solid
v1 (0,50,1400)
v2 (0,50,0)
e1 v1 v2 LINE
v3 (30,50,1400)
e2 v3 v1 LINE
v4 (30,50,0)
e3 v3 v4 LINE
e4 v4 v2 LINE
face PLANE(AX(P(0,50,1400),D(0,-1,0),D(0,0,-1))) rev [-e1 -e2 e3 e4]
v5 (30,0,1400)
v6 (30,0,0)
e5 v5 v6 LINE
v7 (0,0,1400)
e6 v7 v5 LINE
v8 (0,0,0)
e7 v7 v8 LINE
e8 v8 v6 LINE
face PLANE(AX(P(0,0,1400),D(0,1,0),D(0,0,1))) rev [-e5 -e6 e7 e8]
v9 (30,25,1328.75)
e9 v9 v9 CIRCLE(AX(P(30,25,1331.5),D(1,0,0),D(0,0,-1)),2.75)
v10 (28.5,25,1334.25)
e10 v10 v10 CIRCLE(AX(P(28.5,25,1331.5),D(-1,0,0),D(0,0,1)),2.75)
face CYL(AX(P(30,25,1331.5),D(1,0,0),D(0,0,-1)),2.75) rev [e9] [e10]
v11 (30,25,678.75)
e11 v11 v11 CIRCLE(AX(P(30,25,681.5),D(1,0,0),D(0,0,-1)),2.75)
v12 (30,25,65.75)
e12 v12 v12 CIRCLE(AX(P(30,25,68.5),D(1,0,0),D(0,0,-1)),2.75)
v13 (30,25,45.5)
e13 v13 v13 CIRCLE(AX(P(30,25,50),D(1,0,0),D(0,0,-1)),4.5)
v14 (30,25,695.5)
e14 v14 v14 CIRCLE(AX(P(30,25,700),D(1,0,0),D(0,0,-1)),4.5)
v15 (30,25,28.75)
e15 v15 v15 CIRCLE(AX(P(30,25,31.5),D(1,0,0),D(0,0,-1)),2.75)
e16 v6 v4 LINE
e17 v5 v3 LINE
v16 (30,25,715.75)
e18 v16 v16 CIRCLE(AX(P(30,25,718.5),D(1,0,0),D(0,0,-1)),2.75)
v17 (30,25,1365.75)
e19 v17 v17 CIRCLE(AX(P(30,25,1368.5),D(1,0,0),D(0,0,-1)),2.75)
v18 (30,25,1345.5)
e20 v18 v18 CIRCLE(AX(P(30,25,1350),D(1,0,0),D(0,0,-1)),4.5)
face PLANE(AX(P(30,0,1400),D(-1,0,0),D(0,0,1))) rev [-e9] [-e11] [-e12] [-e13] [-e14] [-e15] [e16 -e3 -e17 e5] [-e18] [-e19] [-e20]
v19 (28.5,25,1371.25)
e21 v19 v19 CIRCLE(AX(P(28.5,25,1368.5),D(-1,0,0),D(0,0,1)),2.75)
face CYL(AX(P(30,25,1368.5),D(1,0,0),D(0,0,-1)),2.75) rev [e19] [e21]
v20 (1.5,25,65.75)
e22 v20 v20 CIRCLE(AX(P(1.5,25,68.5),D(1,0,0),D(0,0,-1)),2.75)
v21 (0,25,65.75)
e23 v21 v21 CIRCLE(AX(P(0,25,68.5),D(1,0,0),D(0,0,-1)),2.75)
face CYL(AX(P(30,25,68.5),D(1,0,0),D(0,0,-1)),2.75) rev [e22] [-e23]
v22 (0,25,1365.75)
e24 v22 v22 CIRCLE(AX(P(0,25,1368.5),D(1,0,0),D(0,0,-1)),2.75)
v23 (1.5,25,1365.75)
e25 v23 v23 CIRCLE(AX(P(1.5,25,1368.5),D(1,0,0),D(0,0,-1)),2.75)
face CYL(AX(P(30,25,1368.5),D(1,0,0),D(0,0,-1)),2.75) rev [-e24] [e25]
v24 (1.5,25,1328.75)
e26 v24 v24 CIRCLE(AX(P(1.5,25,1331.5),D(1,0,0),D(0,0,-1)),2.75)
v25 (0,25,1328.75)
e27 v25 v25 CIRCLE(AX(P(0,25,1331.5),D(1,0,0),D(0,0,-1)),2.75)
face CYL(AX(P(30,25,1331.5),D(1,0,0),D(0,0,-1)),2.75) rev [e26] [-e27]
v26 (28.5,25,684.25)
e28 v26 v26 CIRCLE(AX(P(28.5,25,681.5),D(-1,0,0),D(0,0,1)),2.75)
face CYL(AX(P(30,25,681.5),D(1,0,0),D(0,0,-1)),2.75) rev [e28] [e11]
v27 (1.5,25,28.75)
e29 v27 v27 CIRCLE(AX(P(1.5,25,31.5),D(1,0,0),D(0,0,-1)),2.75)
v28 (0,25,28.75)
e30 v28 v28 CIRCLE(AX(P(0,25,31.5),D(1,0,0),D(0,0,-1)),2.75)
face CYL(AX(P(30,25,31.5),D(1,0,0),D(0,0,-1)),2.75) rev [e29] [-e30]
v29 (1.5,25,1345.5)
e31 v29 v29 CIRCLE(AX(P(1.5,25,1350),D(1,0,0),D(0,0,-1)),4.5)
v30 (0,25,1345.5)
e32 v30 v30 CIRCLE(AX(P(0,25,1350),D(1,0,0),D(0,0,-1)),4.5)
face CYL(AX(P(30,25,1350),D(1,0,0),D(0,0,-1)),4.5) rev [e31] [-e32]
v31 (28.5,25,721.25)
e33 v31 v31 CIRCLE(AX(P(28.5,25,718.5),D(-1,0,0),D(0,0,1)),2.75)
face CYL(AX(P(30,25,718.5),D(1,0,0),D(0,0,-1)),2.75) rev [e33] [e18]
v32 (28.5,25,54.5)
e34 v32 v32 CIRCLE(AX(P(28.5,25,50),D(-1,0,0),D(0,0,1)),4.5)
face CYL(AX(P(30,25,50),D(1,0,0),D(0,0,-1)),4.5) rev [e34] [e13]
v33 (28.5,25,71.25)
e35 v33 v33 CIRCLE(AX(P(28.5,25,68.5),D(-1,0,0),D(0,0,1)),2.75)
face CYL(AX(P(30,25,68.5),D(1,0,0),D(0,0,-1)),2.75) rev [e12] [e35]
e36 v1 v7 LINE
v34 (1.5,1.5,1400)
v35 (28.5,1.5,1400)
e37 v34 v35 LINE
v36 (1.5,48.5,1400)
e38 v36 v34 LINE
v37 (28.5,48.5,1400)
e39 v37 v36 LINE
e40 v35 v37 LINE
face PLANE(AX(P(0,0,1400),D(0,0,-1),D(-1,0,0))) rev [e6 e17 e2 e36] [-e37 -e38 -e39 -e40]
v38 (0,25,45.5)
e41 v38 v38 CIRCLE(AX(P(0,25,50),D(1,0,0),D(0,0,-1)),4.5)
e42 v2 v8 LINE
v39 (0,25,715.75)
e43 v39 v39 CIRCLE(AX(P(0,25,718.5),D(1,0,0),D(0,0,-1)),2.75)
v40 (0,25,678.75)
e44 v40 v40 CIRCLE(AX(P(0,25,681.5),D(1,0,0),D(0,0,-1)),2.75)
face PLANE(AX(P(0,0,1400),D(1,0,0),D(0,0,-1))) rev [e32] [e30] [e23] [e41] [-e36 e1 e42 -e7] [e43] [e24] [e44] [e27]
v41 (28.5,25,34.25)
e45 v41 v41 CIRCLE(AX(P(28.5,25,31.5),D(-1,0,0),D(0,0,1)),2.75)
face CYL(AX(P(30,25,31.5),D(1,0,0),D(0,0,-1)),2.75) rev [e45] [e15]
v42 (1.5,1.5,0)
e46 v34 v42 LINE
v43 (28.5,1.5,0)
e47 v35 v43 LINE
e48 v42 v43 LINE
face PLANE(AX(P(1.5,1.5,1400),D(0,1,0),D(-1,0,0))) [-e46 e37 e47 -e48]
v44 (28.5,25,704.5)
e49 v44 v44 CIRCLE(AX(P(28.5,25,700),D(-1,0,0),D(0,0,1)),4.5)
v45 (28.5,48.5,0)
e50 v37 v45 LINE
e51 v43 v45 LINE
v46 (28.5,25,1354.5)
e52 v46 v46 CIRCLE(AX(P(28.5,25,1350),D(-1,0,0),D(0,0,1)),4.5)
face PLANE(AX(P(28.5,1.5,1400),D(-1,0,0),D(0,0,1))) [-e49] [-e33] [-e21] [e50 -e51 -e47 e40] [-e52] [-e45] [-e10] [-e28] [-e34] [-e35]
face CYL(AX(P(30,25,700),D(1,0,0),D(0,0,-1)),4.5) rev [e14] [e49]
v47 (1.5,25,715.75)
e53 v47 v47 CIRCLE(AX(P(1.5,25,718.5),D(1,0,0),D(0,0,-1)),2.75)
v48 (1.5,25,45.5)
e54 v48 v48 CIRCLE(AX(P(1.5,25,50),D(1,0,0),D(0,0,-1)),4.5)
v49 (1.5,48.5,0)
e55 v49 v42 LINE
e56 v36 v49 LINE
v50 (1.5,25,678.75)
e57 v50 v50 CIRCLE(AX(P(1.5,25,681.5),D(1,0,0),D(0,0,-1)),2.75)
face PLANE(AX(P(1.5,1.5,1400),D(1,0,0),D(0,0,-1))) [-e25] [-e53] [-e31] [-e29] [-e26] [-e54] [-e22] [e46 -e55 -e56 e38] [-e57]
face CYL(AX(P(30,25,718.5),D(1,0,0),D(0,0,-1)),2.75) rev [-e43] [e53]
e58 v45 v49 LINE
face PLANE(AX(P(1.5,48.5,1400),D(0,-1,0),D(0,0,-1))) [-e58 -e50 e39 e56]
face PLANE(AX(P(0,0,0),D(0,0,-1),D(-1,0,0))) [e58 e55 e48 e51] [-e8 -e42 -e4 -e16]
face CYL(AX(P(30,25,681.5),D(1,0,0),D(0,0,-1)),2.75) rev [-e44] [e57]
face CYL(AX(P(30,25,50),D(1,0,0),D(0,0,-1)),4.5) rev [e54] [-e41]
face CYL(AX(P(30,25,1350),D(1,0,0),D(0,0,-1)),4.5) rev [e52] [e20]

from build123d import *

# Parameters (mm, degrees)
ESBO_O1_W                   = 30
ESBO_O1_H                   = 50
ESBO_O1_W_2                 = 27
ESBO_O1_H_2                 = 47
RESSALTO_EXTRUS_O1_DEPTH    = 1400
FURO_COM_FOLGA_DE_M52_D     = 5.5
FURO_COM_FOLGA_DE_M81_D     = 9
FURO_COM_FOLGA_DE_M84_D     = 9
FURO_COM_FOLGA_DE_M84_DEPTH = 1.5


with BuildPart() as part:
    # Esboço1 → Ressalto-extrusão1 (new body)
    with BuildSketch(Plane.XY):
        with Locations((15, 25)):
            Rectangle(ESBO_O1_W, ESBO_O1_H)
        with Locations((15, 25)):
            Rectangle(ESBO_O1_W_2, ESBO_O1_H_2, mode=Mode.SUBTRACT)
    extrude(amount=RESSALTO_EXTRUS_O1_DEPTH)

    # Furo com folga de M52 (through all)
    with Locations(Plane(origin=(30, 0, 0), x_dir=(0, 0, -1), z_dir=(1, 0, 0))):
        with Locations((-1368.5, 25), (-1331.5, 25), (-68.5, 25), (-31.5, 25), (-718.5, 25), (-681.5, 25)):
            Hole(FURO_COM_FOLGA_DE_M52_D / 2)

    # Furo com folga de M81 (through all)
    with Locations(Plane(origin=(30, 0, 0), x_dir=(0, 0, -1), z_dir=(1, 0, 0))):
        with Locations((-1350, 25), (-50, 25)):
            Hole(FURO_COM_FOLGA_DE_M81_D / 2)

    # Furo com folga de M84
    with Locations(Plane(origin=(30, 0, 0), x_dir=(0, 0, -1), z_dir=(1, 0, 0))):
        with Locations((-700, 25)):
            Hole(FURO_COM_FOLGA_DE_M84_D / 2, depth=FURO_COM_FOLGA_DE_M84_DEPTH)


solid = part.part
